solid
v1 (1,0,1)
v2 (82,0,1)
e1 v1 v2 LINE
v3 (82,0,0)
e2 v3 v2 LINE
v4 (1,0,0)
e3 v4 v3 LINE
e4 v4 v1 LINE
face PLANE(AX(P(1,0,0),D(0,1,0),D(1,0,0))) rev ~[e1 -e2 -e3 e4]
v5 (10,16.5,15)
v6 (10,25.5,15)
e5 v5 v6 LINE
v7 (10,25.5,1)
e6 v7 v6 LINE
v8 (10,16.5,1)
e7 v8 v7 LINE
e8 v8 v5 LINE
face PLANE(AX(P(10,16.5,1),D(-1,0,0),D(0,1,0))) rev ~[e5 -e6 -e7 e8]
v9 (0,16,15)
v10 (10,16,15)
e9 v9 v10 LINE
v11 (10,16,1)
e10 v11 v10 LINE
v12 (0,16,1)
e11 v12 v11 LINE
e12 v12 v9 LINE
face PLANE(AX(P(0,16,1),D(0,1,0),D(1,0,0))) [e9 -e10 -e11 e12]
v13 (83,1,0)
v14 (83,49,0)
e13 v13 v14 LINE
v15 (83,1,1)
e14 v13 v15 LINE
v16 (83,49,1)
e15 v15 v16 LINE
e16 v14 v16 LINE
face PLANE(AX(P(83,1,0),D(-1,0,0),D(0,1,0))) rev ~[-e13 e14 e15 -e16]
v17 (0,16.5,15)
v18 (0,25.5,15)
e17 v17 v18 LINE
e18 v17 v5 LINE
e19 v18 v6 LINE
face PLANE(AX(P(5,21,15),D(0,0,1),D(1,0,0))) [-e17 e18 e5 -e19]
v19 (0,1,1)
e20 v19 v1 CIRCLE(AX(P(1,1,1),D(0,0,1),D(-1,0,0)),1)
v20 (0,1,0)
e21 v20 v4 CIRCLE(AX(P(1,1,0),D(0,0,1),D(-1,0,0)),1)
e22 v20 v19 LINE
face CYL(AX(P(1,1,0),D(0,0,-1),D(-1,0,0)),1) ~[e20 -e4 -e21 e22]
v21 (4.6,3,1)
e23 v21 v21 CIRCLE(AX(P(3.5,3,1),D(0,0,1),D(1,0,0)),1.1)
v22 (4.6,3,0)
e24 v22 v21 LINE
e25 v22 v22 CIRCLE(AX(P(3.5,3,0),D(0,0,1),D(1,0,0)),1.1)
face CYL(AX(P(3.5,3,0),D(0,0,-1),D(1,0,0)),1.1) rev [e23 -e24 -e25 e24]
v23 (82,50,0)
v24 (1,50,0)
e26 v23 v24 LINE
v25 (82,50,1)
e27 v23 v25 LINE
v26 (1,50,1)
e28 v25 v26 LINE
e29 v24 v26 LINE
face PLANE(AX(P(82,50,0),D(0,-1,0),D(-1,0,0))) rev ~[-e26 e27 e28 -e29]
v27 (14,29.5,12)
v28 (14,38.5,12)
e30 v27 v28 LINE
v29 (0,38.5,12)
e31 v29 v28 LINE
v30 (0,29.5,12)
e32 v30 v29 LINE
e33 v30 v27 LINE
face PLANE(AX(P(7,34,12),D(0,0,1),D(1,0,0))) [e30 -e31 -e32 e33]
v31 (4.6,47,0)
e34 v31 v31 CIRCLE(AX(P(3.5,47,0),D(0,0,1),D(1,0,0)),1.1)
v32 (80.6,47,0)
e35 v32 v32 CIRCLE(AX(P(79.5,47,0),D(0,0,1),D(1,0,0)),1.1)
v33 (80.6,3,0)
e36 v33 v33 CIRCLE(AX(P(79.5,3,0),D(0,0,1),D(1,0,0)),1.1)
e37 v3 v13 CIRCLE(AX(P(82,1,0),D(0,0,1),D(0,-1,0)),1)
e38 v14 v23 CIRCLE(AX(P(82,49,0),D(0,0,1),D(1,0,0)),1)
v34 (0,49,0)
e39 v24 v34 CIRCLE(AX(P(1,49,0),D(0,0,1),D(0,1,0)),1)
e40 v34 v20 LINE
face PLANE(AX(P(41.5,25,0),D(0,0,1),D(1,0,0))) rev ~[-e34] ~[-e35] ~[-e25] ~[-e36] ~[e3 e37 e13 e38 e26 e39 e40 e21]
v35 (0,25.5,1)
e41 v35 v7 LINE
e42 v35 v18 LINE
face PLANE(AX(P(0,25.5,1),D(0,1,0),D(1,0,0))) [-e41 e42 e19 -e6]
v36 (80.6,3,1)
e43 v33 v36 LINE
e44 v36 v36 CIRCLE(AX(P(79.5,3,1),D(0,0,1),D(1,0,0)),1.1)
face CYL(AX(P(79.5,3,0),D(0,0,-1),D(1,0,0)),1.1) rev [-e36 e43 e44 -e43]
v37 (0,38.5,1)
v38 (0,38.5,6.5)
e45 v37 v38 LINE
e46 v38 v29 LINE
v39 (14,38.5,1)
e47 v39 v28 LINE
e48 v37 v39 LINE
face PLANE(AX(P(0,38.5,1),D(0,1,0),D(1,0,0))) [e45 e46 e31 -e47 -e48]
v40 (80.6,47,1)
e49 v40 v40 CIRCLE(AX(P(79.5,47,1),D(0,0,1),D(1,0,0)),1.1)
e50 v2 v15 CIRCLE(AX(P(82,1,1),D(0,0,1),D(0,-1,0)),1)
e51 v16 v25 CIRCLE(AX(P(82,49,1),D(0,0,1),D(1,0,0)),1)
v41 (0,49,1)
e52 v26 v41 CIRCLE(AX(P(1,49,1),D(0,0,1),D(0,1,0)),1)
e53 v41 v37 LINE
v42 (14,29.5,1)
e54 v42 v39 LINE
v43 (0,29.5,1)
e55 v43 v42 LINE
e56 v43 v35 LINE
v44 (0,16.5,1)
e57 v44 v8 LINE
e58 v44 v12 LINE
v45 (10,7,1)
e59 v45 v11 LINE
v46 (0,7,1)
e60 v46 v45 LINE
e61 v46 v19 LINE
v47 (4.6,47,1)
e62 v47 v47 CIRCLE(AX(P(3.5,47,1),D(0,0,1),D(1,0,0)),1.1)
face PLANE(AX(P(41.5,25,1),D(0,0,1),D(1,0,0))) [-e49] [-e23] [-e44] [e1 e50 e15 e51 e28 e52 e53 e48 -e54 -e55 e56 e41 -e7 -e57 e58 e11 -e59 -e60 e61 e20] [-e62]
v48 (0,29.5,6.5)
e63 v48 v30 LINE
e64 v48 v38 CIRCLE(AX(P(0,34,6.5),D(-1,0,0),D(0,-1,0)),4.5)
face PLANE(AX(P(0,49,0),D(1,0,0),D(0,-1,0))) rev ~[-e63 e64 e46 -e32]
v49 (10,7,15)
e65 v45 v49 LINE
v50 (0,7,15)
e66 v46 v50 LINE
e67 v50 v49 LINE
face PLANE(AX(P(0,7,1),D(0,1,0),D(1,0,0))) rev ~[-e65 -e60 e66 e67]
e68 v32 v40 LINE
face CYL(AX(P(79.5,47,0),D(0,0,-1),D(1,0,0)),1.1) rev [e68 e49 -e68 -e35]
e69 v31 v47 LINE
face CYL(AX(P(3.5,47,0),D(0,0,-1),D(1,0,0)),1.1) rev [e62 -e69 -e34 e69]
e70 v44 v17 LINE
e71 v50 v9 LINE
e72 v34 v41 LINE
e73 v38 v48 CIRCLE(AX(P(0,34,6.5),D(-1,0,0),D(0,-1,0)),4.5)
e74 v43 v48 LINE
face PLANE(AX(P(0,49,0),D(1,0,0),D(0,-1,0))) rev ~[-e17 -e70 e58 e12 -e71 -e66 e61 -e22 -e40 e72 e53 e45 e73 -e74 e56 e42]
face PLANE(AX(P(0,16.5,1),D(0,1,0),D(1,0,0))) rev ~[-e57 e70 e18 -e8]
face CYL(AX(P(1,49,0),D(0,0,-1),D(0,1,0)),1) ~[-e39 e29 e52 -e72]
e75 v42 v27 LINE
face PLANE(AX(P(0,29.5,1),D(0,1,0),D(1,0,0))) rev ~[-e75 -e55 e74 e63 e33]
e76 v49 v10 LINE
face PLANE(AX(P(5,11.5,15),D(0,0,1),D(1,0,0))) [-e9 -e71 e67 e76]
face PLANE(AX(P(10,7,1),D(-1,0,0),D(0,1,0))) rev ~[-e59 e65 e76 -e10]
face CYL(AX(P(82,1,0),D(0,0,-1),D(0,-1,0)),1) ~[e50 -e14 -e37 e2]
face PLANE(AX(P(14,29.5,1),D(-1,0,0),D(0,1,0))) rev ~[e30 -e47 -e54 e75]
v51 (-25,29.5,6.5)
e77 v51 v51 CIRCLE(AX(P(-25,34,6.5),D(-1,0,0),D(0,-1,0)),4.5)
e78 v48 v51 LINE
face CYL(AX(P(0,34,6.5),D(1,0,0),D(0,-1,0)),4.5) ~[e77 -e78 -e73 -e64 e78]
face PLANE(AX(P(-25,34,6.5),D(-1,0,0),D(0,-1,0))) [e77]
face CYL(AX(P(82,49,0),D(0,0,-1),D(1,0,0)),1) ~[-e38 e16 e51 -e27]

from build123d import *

# Parameters (mm, degrees)
F0_R     = 1.1
F1_DEPTH = 1
F2_W     = 10
F2_H     = 9
F3_DEPTH = 14
F2_W_2   = 14
F4_DEPTH = 11
F6_DEPTH = 25


with BuildPart() as f1:
    # F0 (on Top) → F1 (new body)
    with BuildSketch(Plane.XY):
        with BuildLine():
            ThreePointArc((0, 1), (0.2928932188, 0.2928932188), (1, 0))
            Line((1, 0), (82, 0))
            ThreePointArc((82, 0), (82.7071067812, 0.2928932188), (83, 1))
            Line((83, 1), (83, 49))
            ThreePointArc((83, 49), (82.7071067812, 49.7071067812), (82, 50))
            Line((82, 50), (1, 50))
            ThreePointArc((1, 50), (0.2928932188, 49.7071067812), (0, 49))
            Line((0, 49), (0, 1))
        make_face()
        with Locations((3.5, 3)):
            Circle(F0_R, mode=Mode.SUBTRACT)
        with Locations((79.5, 3)):
            Circle(F0_R, mode=Mode.SUBTRACT)
        with Locations((3.5, 47)):
            Circle(F0_R, mode=Mode.SUBTRACT)
        with Locations((79.5, 47)):
            Circle(F0_R, mode=Mode.SUBTRACT)
    extrude(amount=F1_DEPTH)

    # F2 (on face) → F3 (join)
    with BuildSketch(Plane.XY.offset(1)):
        with Locations((5, 11.5)):
            Rectangle(F2_W, F2_H)
        with Locations((5, 21)):
            Rectangle(F2_W, F2_H)
    extrude(amount=F3_DEPTH)

    # F2 (on face) → F4 (join)
    with BuildSketch(Plane.XY.offset(1)):
        with Locations((7, 34)):
            Rectangle(F2_W_2, F2_H)
    extrude(amount=F4_DEPTH)

    # F5 (on face) → F6 (join)
    with BuildSketch(Plane(origin=(0, 0, 0), x_dir=(0, -1, 0), z_dir=(-1, 0, 0))):
        with BuildLine():
            ThreePointArc((-38.5, 6.5), (-34, 2), (-29.5, 6.5))
            ThreePointArc((-29.5, 6.5), (-34, 11), (-38.5, 6.5))
        make_face()
    extrude(amount=F6_DEPTH)


solid = f1.part
